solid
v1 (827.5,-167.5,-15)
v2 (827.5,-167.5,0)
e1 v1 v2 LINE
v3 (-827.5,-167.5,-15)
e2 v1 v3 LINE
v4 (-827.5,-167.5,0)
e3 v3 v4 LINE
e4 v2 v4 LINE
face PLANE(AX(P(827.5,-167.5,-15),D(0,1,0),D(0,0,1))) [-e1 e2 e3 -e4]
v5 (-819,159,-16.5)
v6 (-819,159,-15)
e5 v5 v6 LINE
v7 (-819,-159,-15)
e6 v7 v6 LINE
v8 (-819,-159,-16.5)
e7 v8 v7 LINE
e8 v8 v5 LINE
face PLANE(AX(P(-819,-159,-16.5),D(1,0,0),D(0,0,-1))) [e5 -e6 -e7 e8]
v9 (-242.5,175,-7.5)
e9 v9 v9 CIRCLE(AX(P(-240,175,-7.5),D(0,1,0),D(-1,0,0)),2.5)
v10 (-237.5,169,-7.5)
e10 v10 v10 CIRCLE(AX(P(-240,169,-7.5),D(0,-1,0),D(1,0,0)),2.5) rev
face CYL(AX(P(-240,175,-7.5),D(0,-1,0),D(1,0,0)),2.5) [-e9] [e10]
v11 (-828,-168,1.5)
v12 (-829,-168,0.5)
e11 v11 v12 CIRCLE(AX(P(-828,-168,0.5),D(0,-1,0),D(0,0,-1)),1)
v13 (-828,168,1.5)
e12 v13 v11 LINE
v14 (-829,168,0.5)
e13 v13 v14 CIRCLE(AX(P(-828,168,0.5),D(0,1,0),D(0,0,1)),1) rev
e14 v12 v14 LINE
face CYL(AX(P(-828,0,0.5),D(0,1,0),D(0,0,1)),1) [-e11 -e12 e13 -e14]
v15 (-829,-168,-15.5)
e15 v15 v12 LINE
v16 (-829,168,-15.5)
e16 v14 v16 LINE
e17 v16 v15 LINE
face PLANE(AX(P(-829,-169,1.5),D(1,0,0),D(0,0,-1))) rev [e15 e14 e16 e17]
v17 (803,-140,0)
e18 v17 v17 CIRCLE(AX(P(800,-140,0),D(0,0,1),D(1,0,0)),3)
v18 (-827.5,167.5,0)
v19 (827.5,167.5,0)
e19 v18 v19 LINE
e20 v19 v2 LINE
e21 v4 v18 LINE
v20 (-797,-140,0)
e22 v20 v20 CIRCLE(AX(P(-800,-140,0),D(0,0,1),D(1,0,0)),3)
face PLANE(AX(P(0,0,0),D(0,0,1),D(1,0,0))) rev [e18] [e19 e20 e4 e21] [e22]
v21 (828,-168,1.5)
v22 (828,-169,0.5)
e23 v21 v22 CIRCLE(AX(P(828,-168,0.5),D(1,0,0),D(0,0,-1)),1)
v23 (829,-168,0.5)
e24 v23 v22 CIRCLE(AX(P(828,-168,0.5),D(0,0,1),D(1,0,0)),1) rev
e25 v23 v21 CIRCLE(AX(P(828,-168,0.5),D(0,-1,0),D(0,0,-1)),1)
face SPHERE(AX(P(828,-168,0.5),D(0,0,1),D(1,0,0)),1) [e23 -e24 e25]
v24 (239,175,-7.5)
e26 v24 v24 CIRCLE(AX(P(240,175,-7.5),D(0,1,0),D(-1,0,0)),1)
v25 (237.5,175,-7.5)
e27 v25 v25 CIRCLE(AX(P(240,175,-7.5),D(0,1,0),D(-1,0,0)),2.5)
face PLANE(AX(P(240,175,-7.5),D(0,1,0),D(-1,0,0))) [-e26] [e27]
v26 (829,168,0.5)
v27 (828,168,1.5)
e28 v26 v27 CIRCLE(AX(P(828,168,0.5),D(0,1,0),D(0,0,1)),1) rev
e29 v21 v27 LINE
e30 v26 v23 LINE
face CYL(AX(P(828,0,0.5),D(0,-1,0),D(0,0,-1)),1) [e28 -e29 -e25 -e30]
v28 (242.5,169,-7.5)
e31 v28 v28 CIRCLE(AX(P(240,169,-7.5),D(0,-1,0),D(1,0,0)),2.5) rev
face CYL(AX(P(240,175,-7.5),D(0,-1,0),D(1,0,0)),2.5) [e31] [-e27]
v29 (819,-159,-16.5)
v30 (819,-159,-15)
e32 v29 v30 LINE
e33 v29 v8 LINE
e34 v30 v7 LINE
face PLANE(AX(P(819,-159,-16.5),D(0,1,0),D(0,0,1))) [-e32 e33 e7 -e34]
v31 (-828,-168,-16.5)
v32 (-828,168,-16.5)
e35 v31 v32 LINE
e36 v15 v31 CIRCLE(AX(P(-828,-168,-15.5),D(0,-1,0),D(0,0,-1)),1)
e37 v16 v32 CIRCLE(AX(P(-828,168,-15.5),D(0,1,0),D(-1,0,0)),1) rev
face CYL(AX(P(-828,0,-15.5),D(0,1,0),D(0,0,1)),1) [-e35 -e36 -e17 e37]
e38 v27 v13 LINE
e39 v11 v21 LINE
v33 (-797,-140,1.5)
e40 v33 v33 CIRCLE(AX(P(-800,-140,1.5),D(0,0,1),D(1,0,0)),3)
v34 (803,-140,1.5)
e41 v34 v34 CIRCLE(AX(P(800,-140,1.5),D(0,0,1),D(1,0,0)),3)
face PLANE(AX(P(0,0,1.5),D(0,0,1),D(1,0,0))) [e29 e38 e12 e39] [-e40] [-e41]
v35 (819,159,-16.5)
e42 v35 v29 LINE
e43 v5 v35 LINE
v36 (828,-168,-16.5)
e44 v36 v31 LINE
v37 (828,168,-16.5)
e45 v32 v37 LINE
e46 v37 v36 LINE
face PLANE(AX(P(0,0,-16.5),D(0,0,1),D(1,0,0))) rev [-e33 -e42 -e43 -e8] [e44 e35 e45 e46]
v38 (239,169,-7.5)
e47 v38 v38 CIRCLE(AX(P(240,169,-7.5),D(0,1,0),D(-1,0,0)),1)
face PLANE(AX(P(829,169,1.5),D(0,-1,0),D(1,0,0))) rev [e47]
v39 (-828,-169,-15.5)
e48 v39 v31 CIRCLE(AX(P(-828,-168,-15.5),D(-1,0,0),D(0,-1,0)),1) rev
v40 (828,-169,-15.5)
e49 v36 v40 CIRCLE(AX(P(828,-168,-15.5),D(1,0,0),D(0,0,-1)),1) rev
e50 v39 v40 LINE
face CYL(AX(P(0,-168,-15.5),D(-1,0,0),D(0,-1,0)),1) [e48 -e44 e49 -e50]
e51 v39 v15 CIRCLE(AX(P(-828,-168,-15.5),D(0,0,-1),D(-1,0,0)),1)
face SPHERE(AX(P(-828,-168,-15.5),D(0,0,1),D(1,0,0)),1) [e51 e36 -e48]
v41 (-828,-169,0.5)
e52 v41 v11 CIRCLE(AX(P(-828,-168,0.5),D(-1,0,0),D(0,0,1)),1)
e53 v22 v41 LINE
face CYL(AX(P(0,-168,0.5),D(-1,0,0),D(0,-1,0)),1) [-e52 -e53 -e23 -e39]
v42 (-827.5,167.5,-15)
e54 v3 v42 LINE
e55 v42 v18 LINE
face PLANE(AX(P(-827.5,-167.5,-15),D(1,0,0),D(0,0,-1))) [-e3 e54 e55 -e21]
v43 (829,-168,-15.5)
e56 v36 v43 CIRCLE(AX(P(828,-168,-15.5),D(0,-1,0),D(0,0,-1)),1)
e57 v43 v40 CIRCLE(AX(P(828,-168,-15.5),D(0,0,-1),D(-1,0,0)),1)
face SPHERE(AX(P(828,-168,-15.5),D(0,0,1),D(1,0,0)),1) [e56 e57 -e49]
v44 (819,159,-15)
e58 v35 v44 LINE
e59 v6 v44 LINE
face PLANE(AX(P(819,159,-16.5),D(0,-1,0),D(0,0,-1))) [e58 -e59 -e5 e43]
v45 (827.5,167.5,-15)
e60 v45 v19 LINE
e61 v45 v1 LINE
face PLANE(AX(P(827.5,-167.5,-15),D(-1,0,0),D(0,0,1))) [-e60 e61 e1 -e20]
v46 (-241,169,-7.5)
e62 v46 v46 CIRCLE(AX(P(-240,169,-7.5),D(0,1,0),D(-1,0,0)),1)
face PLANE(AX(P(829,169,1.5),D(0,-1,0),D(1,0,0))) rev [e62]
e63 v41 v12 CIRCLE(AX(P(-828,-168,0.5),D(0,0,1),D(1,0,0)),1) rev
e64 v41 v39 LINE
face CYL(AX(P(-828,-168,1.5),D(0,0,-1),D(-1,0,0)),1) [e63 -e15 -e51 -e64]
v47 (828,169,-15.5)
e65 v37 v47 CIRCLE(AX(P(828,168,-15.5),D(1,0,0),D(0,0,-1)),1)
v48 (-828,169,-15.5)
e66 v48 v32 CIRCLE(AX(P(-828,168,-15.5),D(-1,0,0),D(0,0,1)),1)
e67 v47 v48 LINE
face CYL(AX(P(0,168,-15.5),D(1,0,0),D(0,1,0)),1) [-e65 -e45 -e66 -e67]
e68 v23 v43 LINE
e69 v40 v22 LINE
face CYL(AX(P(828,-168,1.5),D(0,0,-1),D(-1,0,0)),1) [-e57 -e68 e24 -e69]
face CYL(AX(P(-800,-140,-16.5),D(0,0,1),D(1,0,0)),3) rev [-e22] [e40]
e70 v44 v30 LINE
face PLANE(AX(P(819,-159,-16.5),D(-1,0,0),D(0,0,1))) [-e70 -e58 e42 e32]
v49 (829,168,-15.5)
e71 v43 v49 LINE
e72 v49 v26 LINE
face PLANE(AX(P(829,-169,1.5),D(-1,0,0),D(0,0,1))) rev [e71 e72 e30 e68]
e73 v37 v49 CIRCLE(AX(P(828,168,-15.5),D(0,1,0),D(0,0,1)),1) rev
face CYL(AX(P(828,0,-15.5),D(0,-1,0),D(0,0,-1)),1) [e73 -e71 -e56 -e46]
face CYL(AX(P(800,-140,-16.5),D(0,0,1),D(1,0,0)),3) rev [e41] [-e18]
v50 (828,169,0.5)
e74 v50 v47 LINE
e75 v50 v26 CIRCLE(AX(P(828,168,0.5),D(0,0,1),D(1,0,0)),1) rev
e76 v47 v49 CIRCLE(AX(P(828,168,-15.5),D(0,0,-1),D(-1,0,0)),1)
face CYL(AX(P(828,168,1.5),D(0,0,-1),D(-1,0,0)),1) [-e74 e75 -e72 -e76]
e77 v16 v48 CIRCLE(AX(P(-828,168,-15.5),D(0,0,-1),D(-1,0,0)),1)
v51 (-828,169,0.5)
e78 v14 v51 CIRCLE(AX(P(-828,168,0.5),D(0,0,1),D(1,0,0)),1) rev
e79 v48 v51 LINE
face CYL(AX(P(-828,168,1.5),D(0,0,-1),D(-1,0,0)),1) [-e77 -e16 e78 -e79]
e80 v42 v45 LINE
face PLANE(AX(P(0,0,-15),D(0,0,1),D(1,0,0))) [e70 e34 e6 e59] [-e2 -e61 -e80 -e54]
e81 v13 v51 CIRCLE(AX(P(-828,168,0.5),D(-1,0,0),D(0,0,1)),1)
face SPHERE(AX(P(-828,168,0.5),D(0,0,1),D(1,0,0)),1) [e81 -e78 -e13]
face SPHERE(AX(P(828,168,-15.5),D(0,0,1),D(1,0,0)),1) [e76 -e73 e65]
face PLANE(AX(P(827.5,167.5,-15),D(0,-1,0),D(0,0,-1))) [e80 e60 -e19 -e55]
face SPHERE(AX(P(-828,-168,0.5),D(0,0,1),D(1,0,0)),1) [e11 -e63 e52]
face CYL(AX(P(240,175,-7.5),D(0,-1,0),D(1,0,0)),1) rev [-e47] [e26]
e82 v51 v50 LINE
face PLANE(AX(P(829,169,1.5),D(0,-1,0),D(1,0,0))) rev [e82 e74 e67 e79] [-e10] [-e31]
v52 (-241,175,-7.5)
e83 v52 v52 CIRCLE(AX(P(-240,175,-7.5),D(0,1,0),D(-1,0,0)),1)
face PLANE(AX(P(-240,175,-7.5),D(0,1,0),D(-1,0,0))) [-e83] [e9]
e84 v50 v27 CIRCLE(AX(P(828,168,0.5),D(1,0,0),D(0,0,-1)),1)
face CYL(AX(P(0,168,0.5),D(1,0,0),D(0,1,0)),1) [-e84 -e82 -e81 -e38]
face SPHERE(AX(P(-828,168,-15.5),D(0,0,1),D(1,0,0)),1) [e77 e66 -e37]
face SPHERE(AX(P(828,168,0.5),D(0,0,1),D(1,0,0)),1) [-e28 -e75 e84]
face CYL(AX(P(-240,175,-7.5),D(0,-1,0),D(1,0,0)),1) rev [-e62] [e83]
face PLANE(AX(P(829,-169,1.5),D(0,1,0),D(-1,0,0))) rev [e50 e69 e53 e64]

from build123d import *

# Parameters (mm, degrees)
SKETCH_1_W          = 1658
SKETCH_1_H          = 338
EXTRUDE_1_DEPTH     = 1.5
SKETCH_2_W          = 1658
SKETCH_2_H          = 338
SKETCH_2_W_2        = 1655
SKETCH_2_H_2        = 335
EXTRUDE_2_DEPTH     = 15
SKETCH_3_W          = 1658
SKETCH_3_H          = 338
SKETCH_3_W_2        = 1638
SKETCH_3_H_2        = 318
EXTRUDE_3_DEPTH     = 1.5
SKETCH_5_R          = 2.5
SKETCH_5_R_2        = 1
EXTRUDE_4_DEPTH     = 6
SKETCH_6_R          = 3
CUT_EXTRUDE_1_DEPTH = 19
FILLET_1_R          = 1


with BuildPart() as part:
    # 草图1 → 凸台-拉伸1 (new body)
    with BuildSketch(Plane.XY):
        Rectangle(SKETCH_1_W, SKETCH_1_H)
    extrude(amount=EXTRUDE_1_DEPTH)

    # 草图2 → 凸台-拉伸2 (add)
    with BuildSketch(Plane(origin=(0, 0, 0), x_dir=(-1, 0, 0), z_dir=(0, 0, -1))):
        Rectangle(SKETCH_2_W, SKETCH_2_H)
        Rectangle(SKETCH_2_W_2, SKETCH_2_H_2, mode=Mode.SUBTRACT)
    extrude(amount=EXTRUDE_2_DEPTH)

    # 草图3 → 凸台-拉伸3 (add)
    with BuildSketch(Plane(origin=(0, 0, -15), x_dir=(-1, 0, 0), z_dir=(0, 0, -1))):
        Rectangle(SKETCH_3_W, SKETCH_3_H)
        Rectangle(SKETCH_3_W_2, SKETCH_3_H_2, mode=Mode.SUBTRACT)
    extrude(amount=EXTRUDE_3_DEPTH)

    # 草图5 → 凸台-拉伸4 (add)
    with BuildSketch(Plane(origin=(0, 169, 0), x_dir=(1, 0, 0), z_dir=(0, 1, 0))):
        with Locations((240, 7.5)):
            Circle(SKETCH_5_R)
        with Locations((240, 7.5)):
            Circle(SKETCH_5_R_2, mode=Mode.SUBTRACT)
        with Locations((-240, 7.5)):
            Circle(SKETCH_5_R)
        with Locations((-240, 7.5)):
            Circle(SKETCH_5_R_2, mode=Mode.SUBTRACT)
    extrude(amount=EXTRUDE_4_DEPTH)

    # 草图6 → 切除-拉伸1 (cut, through all)
    with BuildSketch(Plane.XY.offset(1.5)):
        with Locations((-800, -140)):
            Circle(SKETCH_6_R)
        with Locations((800, -140)):
            Circle(SKETCH_6_R)
    extrude(amount=-CUT_EXTRUDE_1_DEPTH, mode=Mode.SUBTRACT)

    # 圆角1
    fillet_1_edges = [part.edges().sort_by_distance(p)[0] for p in [
        (829, 0, 1.5),
        (0, 169, 1.5),
        (-829, 0, -16.5),
        (0, 169, -16.5),
        (829, 0, -16.5),
        (0, -169, -16.5),
        (-829, 0, 1.5),
        (0, -169, 1.5),
        (-829, 169, -7.5),
        (829, 169, -7.5),
        (829, -169, -7.5),
        (-829, -169, -7.5),
    ]]
    fillet(fillet_1_edges, radius=FILLET_1_R)


solid = part.part
